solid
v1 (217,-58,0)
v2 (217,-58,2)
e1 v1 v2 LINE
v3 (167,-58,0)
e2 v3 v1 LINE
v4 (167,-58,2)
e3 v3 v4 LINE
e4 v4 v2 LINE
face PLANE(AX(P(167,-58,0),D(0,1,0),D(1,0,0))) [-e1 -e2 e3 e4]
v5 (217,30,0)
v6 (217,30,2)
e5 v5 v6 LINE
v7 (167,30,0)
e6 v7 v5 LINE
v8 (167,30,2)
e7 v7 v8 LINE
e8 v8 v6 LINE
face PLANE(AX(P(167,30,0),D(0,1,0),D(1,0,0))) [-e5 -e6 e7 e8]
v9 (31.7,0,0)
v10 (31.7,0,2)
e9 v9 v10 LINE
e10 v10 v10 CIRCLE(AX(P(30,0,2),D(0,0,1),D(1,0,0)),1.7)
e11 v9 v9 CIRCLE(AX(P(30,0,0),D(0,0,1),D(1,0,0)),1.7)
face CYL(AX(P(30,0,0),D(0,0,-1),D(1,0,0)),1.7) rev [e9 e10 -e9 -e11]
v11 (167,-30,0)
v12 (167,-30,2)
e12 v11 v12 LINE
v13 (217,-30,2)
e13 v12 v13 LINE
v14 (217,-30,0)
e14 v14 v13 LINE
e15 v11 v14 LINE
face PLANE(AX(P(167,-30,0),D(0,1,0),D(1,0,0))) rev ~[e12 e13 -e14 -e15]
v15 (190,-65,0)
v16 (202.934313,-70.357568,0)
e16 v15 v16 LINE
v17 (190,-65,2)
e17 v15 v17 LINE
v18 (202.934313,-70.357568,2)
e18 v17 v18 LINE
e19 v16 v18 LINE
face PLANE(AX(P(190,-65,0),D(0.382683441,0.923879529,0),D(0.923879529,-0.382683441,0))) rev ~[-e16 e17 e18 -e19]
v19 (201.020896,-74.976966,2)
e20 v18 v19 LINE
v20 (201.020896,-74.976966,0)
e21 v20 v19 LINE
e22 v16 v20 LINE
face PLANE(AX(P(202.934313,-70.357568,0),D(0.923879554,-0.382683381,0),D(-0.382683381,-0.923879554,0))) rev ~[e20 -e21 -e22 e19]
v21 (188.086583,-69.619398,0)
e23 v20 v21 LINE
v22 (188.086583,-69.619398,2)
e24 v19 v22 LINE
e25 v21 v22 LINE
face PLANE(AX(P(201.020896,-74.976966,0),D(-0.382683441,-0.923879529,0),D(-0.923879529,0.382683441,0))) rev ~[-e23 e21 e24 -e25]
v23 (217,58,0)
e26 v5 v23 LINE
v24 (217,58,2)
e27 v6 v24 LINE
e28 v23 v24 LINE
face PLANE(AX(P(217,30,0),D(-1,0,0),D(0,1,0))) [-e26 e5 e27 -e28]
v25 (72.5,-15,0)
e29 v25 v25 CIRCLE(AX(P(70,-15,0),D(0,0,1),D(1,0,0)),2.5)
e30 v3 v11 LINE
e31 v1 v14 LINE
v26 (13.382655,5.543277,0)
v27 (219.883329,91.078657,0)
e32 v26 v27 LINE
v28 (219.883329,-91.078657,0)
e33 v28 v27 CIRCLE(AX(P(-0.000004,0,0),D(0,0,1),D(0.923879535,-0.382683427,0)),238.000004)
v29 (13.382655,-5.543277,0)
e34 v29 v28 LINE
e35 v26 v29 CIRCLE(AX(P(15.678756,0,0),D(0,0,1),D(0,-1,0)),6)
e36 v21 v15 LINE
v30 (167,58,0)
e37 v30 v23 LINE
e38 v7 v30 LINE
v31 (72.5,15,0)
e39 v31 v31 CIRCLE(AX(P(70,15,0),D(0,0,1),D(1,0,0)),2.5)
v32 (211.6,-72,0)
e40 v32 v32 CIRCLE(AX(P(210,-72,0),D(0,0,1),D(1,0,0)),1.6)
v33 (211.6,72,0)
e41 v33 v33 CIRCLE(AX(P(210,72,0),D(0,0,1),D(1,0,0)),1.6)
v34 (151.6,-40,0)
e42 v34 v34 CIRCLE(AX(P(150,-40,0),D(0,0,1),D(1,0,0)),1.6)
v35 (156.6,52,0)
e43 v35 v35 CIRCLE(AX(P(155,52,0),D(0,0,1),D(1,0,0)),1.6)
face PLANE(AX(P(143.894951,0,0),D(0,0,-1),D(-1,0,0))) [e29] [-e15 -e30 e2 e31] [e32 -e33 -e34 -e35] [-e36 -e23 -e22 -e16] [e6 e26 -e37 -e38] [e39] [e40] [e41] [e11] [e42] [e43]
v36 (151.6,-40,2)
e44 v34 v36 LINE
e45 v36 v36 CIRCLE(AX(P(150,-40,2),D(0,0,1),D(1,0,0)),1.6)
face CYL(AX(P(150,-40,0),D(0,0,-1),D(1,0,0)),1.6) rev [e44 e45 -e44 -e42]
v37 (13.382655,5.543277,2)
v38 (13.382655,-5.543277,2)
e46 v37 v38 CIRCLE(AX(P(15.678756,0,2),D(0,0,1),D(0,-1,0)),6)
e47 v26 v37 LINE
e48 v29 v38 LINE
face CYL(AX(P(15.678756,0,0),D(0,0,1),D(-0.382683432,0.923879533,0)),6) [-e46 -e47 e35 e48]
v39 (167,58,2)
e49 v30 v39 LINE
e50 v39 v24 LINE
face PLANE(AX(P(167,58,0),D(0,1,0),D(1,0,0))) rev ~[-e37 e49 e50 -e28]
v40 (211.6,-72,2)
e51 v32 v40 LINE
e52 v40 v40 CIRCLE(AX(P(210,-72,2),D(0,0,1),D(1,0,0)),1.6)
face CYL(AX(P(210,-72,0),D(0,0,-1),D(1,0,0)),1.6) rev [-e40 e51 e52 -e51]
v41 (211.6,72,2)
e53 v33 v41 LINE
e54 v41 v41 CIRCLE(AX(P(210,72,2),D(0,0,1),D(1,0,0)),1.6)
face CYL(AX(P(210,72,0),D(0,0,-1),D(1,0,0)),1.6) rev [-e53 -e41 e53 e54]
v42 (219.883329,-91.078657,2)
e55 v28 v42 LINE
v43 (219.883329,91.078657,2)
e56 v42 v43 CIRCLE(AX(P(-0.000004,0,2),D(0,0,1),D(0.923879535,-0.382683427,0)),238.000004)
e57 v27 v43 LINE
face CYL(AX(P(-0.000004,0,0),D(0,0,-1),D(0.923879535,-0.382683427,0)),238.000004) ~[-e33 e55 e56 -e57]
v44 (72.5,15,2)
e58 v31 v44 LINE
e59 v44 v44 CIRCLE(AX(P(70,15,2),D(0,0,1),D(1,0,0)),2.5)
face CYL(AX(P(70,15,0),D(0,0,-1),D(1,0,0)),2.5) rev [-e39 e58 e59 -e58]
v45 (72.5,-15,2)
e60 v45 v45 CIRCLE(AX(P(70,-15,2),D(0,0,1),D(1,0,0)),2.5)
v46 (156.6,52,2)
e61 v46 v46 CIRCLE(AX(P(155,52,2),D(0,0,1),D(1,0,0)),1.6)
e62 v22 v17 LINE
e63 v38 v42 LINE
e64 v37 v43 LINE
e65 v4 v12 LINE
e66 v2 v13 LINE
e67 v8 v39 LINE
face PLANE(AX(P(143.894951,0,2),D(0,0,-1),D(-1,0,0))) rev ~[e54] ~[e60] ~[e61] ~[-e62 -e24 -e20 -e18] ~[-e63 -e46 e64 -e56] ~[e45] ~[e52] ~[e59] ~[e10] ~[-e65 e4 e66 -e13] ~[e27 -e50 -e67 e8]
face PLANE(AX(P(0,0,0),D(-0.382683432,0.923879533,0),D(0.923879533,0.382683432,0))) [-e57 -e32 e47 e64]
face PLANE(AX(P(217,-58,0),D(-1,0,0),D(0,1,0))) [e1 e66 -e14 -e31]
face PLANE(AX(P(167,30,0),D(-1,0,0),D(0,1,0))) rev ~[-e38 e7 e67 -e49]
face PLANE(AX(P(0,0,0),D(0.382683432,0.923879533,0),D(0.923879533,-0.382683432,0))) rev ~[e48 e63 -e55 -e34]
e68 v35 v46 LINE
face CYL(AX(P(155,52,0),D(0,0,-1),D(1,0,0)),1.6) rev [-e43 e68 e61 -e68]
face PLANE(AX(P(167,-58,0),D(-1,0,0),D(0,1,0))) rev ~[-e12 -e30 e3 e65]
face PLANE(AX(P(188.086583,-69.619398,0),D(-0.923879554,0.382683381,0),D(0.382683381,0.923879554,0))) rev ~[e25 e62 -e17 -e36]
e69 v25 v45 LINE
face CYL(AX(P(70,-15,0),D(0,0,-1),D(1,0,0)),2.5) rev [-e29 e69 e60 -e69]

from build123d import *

# Parameters (mm, degrees)
SKETCH_R   = 1.6
SKETCH_R_2 = 1.7
SKETCH_R_3 = 2.5
SKETCH_W   = 50
SKETCH_H   = 28
PAD_DEPTH  = 2
FILLET_R   = 6


with BuildPart() as part:
    # Sketch → Pad (new body)
    with BuildSketch(Plane.XY):
        with BuildLine():
            Line((0, 0), (219.883329, 91.078657))
            ThreePointArc((219.883329, -91.078657), (238, 0), (219.883329, 91.078657))
            Line((0, 0), (219.883329, -91.078657))
        make_face()
        with Locations((155, 52)):
            Circle(SKETCH_R, mode=Mode.SUBTRACT)
        with Locations((150, -40)):
            Circle(SKETCH_R, mode=Mode.SUBTRACT)
        with Locations((210, 72)):
            Circle(SKETCH_R, mode=Mode.SUBTRACT)
        with Locations((210, -72)):
            Circle(SKETCH_R, mode=Mode.SUBTRACT)
        with Locations((30, 0)):
            Circle(SKETCH_R_2, mode=Mode.SUBTRACT)
        with Locations((70, 15)):
            Circle(SKETCH_R_3, mode=Mode.SUBTRACT)
        with Locations((70, -15)):
            Circle(SKETCH_R_3, mode=Mode.SUBTRACT)
        with Locations((192, 44)):
            Rectangle(SKETCH_W, SKETCH_H, mode=Mode.SUBTRACT)
        with Locations((192, -44)):
            Rectangle(SKETCH_W, SKETCH_H, mode=Mode.SUBTRACT)
        Polygon((190, -65), (202.934313, -70.357568), (201.020896, -74.976966), (188.086583, -69.619398), align=None, mode=Mode.SUBTRACT)
    extrude(amount=PAD_DEPTH)

    # Fillet
    fillet_edges = [part.edges().sort_by_distance(p)[0] for p in [
        (0, 0, 1),
    ]]
    fillet(fillet_edges, radius=FILLET_R)


solid = part.part
